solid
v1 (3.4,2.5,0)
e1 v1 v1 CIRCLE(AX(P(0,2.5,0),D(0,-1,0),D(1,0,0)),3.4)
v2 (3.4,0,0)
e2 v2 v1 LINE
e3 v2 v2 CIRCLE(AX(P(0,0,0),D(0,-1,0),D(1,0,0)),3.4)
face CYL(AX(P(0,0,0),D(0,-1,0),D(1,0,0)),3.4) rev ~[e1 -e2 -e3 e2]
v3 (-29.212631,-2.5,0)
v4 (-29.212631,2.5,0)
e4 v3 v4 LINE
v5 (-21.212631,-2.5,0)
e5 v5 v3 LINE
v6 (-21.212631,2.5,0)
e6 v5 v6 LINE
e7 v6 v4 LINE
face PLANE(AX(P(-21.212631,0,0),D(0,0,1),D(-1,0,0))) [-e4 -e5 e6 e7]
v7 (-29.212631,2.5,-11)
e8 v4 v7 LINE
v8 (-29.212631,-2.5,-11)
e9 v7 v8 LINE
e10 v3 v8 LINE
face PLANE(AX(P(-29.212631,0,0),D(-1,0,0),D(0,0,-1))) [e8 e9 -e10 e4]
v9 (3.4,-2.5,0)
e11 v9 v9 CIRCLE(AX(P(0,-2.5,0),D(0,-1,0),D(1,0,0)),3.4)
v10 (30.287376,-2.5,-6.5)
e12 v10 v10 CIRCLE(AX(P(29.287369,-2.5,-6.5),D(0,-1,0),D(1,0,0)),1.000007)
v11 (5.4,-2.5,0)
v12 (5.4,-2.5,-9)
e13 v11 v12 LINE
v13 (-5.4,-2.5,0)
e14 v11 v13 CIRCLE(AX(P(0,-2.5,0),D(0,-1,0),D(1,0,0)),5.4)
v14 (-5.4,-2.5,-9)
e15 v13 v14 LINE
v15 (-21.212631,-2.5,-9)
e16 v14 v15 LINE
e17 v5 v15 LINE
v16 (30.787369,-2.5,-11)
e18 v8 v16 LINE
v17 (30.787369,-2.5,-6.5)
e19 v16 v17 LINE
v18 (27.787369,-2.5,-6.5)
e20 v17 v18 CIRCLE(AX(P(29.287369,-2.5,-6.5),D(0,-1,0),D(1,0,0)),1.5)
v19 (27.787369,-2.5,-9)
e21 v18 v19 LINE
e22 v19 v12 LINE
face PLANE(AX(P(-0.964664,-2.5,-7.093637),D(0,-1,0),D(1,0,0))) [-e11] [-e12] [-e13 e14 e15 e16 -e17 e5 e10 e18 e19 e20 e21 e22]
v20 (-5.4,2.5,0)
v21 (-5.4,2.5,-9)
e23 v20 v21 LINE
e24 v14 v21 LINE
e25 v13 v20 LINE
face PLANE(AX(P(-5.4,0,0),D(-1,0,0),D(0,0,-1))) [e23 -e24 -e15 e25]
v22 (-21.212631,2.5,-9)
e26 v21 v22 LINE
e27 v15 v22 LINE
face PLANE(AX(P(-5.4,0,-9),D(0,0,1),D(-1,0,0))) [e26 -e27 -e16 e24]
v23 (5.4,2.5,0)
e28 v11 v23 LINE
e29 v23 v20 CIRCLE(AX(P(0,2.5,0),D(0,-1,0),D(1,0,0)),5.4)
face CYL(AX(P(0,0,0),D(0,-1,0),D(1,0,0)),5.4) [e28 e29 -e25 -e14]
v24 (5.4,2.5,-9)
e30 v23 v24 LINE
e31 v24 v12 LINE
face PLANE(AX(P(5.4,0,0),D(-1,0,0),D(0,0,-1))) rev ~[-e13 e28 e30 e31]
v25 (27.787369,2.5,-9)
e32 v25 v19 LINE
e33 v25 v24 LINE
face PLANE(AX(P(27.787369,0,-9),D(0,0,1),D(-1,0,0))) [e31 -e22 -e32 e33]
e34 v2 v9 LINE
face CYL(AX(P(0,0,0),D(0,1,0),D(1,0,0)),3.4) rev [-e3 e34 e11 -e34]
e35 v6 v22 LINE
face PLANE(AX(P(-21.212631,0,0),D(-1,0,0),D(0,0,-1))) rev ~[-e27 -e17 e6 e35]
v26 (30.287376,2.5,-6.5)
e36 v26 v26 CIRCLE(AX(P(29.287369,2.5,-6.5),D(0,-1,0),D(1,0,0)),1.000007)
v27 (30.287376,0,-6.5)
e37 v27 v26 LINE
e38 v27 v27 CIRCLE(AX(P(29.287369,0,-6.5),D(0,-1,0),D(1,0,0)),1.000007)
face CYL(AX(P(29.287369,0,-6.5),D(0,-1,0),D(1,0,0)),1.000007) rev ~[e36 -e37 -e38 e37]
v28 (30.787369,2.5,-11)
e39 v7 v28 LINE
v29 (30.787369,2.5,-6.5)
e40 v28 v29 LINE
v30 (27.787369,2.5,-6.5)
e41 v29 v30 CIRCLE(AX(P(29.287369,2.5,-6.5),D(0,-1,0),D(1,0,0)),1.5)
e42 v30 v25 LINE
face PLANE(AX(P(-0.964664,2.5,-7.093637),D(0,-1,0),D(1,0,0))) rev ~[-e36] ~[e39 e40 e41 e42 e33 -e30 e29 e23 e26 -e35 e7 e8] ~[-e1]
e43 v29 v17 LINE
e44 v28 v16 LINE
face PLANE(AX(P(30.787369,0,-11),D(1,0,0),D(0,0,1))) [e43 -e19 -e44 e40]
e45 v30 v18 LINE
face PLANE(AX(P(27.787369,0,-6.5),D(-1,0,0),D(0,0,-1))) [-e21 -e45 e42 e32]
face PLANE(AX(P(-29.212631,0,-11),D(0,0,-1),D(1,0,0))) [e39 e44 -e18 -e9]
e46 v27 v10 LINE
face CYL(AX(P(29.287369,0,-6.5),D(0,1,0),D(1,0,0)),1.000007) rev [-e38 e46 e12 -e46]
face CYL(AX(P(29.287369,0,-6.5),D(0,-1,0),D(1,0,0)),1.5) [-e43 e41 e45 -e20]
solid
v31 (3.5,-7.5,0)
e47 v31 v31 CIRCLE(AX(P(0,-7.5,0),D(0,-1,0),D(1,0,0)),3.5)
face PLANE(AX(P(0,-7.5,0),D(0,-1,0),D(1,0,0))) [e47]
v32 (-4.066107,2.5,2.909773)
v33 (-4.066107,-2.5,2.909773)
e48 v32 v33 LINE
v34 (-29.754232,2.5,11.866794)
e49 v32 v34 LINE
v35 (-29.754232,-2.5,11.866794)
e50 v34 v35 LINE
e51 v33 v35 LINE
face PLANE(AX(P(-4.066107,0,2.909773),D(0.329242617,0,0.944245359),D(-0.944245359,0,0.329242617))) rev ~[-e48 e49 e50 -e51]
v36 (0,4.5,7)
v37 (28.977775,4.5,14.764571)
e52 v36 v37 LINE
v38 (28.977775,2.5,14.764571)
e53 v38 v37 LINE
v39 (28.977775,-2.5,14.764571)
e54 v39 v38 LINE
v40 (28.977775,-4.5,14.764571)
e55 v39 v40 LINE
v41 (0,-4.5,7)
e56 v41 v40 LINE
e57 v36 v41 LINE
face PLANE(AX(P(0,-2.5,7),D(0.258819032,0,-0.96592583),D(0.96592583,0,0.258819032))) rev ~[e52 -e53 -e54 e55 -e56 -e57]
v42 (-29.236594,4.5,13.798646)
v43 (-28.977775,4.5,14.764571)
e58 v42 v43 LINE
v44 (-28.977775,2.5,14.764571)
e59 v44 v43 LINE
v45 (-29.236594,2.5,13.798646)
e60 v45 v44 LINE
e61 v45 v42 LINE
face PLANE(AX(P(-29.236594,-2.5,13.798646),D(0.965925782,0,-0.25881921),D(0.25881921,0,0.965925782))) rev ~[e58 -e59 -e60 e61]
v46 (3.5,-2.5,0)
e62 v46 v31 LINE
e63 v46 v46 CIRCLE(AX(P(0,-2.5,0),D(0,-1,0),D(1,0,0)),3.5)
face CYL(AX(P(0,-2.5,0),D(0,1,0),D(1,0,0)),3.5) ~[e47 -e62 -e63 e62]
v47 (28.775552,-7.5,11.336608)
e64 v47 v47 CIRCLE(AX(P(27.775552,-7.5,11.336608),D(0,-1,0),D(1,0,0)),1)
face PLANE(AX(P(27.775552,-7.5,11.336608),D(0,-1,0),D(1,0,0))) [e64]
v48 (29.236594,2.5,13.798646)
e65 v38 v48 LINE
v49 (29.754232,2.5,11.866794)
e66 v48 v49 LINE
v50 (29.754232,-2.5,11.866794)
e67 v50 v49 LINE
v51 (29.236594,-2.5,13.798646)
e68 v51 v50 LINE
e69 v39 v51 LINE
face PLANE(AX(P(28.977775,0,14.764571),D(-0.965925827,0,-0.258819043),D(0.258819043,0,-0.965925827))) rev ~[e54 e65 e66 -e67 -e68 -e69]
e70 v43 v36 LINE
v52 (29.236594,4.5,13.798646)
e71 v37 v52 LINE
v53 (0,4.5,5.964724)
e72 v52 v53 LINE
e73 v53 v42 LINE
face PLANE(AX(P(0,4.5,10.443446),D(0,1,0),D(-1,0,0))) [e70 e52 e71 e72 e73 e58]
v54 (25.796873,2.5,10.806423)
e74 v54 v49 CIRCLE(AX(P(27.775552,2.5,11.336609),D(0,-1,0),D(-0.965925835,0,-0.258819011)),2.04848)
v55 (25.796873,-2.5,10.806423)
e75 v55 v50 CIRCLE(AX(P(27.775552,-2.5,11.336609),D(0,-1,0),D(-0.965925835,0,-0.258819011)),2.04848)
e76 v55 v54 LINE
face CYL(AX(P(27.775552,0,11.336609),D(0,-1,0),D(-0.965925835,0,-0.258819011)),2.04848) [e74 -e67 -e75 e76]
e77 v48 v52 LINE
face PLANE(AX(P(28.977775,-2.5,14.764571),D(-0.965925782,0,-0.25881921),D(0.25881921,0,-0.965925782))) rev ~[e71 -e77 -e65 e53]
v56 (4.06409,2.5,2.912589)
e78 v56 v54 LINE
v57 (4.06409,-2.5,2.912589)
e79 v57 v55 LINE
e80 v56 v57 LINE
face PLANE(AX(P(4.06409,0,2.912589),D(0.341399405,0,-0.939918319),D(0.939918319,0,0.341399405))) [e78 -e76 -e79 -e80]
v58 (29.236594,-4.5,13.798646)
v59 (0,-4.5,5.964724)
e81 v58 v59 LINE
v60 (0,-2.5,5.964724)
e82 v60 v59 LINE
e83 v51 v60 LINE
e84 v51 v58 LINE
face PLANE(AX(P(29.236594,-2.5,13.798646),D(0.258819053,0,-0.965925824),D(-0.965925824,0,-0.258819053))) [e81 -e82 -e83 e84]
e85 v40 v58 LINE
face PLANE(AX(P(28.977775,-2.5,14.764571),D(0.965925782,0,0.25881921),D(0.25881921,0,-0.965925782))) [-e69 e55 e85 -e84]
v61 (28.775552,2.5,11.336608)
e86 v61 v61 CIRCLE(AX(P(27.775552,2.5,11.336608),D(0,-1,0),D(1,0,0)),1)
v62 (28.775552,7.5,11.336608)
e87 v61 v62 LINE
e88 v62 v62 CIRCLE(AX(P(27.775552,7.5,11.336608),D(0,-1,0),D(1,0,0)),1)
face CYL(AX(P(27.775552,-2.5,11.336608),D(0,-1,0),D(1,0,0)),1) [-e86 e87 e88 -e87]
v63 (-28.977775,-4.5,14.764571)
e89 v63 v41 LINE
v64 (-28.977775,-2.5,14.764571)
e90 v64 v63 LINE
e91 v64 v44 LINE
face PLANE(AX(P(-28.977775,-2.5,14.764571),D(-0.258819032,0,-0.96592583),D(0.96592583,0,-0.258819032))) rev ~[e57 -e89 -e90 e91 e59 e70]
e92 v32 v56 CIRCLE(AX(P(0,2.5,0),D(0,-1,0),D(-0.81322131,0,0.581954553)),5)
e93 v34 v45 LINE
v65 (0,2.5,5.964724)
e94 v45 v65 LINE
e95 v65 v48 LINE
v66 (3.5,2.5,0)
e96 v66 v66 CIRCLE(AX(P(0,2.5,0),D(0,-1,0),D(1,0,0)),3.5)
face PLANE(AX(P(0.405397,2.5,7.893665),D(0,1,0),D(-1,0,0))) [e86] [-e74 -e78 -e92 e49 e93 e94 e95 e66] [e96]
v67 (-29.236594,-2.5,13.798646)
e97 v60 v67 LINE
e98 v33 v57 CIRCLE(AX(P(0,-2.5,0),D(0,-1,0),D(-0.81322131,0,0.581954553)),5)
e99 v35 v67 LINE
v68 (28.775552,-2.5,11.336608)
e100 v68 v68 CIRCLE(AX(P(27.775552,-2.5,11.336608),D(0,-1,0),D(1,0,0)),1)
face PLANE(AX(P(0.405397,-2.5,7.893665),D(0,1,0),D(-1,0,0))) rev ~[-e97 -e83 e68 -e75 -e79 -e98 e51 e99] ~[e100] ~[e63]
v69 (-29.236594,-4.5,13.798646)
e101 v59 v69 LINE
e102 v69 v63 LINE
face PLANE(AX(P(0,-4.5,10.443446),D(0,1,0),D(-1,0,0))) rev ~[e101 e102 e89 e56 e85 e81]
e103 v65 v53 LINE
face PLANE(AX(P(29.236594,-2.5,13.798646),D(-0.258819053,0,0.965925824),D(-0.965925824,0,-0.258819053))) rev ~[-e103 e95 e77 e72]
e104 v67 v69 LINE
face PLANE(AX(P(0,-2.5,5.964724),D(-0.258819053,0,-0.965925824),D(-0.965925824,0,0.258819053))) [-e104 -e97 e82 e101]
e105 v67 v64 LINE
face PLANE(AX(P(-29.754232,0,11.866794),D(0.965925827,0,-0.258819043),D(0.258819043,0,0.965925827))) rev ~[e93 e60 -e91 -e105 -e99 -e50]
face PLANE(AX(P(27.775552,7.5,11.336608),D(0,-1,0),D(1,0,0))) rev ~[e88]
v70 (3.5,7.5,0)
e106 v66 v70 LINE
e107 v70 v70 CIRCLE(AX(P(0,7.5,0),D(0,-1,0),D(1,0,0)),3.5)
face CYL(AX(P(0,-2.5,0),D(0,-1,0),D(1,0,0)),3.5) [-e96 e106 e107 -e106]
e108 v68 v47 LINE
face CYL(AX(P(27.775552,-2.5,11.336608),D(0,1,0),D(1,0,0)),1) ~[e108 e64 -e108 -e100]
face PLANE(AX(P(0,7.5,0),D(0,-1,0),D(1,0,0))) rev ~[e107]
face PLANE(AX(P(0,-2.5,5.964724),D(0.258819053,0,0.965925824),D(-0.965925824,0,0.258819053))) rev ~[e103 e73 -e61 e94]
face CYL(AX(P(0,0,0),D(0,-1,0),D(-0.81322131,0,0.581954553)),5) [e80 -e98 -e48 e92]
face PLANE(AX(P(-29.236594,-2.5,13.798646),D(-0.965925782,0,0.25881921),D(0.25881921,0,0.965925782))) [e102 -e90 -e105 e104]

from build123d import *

# Parameters (mm, degrees)
SKETCH006_R       = 3.4
SKETCH006_R_2     = 1.000007
PAD003_DEPTH      = 2.5
PAD003_DEPTH_BACK = 2.5
PAD_DEPTH         = 2.5
PAD_DEPTH_BACK    = 2.5
SKETCH002_R       = 3.5
SKETCH002_R_2     = 1
PAD001_DEPTH      = 5
PAD001_DEPTH_BACK = 10
PAD002_DEPTH      = 2
PAD002_DEPTH_BACK = 7


with BuildPart() as body:
    # Sketch006 → Pad003 (new body, two sides)
    with BuildSketch(Plane.XZ) as pad003_sk:
        with BuildLine():
            Line((-29.212631, 0), (-29.212631, -11))
            Line((-29.212631, -11), (30.787369, -11))
            Line((30.787369, -11), (30.787369, -6.5))
            ThreePointArc((30.787369, -6.5), (29.287369, -5), (27.787369, -6.5))
            Line((27.787369, -6.5), (27.787369, -9))
            Line((27.787369, -9), (5.4, -9))
            Line((5.4, 0), (5.4, -9))
            ThreePointArc((5.4, 0), (0, 5.4), (-5.4, 0))
            Line((-5.4, 0), (-5.4, -9))
            Line((-5.4, -9), (-21.212631, -9))
            Line((-21.212631, 0), (-21.212631, -9))
            Line((-21.212631, 0), (-29.212631, 0))
        make_face()
        Circle(SKETCH006_R, mode=Mode.SUBTRACT)
        with Locations((29.287369, -6.5)):
            Circle(SKETCH006_R_2, mode=Mode.SUBTRACT)
    extrude(amount=PAD003_DEPTH)
    extrude(pad003_sk.sketch, amount=-PAD003_DEPTH_BACK)


with BuildPart() as body001:
    # Sketch001 → Pad (new body, two sides)
    with BuildSketch(Plane.XZ) as pad_sk:
        with BuildLine():
            Line((-29.754232, 11.866794), (-28.977775, 14.764571))
            Line((-28.977775, 14.764571), (0, 7))
            Line((0, 7), (28.977775, 14.764571))
            Line((28.977775, 14.764571), (29.754232, 11.866794))
            ThreePointArc((25.796873, 10.806423), (28.305738, 9.357929), (29.754232, 11.866794))
            Line((4.06409, 2.912589), (25.796873, 10.806423))
            ThreePointArc((-4.066107, 2.909773), (0.001732, -5), (4.06409, 2.912589))
            Line((-4.066107, 2.909773), (-29.754232, 11.866794))
        make_face()
    extrude(amount=PAD_DEPTH)
    extrude(pad_sk.sketch, amount=-PAD_DEPTH_BACK)

    # Sketch002 (on Face10 of Pad) → Pad001 (join, two sides)
    with BuildSketch(Plane.XZ.offset(2.5)) as pad001_sk:
        Circle(SKETCH002_R)
        with Locations((27.775552, 11.336608)):
            Circle(SKETCH002_R_2)
    extrude(amount=PAD001_DEPTH)
    extrude(pad001_sk.sketch, amount=-PAD001_DEPTH_BACK)

    # Sketch004 (on Face5 of Pad001) → Pad002 (join, two sides)
    with BuildSketch(Plane.XZ.offset(2.5)) as pad002_sk:
        Polygon((0, 7), (28.977775, 14.764571), (29.236594, 13.798646), (0, 5.964724), (-29.236594, 13.798646), (-28.977775, 14.764571), align=None)
    extrude(amount=PAD002_DEPTH)
    extrude(pad002_sk.sketch, amount=-PAD002_DEPTH_BACK)


solid = Compound([body.part, body001.part])
